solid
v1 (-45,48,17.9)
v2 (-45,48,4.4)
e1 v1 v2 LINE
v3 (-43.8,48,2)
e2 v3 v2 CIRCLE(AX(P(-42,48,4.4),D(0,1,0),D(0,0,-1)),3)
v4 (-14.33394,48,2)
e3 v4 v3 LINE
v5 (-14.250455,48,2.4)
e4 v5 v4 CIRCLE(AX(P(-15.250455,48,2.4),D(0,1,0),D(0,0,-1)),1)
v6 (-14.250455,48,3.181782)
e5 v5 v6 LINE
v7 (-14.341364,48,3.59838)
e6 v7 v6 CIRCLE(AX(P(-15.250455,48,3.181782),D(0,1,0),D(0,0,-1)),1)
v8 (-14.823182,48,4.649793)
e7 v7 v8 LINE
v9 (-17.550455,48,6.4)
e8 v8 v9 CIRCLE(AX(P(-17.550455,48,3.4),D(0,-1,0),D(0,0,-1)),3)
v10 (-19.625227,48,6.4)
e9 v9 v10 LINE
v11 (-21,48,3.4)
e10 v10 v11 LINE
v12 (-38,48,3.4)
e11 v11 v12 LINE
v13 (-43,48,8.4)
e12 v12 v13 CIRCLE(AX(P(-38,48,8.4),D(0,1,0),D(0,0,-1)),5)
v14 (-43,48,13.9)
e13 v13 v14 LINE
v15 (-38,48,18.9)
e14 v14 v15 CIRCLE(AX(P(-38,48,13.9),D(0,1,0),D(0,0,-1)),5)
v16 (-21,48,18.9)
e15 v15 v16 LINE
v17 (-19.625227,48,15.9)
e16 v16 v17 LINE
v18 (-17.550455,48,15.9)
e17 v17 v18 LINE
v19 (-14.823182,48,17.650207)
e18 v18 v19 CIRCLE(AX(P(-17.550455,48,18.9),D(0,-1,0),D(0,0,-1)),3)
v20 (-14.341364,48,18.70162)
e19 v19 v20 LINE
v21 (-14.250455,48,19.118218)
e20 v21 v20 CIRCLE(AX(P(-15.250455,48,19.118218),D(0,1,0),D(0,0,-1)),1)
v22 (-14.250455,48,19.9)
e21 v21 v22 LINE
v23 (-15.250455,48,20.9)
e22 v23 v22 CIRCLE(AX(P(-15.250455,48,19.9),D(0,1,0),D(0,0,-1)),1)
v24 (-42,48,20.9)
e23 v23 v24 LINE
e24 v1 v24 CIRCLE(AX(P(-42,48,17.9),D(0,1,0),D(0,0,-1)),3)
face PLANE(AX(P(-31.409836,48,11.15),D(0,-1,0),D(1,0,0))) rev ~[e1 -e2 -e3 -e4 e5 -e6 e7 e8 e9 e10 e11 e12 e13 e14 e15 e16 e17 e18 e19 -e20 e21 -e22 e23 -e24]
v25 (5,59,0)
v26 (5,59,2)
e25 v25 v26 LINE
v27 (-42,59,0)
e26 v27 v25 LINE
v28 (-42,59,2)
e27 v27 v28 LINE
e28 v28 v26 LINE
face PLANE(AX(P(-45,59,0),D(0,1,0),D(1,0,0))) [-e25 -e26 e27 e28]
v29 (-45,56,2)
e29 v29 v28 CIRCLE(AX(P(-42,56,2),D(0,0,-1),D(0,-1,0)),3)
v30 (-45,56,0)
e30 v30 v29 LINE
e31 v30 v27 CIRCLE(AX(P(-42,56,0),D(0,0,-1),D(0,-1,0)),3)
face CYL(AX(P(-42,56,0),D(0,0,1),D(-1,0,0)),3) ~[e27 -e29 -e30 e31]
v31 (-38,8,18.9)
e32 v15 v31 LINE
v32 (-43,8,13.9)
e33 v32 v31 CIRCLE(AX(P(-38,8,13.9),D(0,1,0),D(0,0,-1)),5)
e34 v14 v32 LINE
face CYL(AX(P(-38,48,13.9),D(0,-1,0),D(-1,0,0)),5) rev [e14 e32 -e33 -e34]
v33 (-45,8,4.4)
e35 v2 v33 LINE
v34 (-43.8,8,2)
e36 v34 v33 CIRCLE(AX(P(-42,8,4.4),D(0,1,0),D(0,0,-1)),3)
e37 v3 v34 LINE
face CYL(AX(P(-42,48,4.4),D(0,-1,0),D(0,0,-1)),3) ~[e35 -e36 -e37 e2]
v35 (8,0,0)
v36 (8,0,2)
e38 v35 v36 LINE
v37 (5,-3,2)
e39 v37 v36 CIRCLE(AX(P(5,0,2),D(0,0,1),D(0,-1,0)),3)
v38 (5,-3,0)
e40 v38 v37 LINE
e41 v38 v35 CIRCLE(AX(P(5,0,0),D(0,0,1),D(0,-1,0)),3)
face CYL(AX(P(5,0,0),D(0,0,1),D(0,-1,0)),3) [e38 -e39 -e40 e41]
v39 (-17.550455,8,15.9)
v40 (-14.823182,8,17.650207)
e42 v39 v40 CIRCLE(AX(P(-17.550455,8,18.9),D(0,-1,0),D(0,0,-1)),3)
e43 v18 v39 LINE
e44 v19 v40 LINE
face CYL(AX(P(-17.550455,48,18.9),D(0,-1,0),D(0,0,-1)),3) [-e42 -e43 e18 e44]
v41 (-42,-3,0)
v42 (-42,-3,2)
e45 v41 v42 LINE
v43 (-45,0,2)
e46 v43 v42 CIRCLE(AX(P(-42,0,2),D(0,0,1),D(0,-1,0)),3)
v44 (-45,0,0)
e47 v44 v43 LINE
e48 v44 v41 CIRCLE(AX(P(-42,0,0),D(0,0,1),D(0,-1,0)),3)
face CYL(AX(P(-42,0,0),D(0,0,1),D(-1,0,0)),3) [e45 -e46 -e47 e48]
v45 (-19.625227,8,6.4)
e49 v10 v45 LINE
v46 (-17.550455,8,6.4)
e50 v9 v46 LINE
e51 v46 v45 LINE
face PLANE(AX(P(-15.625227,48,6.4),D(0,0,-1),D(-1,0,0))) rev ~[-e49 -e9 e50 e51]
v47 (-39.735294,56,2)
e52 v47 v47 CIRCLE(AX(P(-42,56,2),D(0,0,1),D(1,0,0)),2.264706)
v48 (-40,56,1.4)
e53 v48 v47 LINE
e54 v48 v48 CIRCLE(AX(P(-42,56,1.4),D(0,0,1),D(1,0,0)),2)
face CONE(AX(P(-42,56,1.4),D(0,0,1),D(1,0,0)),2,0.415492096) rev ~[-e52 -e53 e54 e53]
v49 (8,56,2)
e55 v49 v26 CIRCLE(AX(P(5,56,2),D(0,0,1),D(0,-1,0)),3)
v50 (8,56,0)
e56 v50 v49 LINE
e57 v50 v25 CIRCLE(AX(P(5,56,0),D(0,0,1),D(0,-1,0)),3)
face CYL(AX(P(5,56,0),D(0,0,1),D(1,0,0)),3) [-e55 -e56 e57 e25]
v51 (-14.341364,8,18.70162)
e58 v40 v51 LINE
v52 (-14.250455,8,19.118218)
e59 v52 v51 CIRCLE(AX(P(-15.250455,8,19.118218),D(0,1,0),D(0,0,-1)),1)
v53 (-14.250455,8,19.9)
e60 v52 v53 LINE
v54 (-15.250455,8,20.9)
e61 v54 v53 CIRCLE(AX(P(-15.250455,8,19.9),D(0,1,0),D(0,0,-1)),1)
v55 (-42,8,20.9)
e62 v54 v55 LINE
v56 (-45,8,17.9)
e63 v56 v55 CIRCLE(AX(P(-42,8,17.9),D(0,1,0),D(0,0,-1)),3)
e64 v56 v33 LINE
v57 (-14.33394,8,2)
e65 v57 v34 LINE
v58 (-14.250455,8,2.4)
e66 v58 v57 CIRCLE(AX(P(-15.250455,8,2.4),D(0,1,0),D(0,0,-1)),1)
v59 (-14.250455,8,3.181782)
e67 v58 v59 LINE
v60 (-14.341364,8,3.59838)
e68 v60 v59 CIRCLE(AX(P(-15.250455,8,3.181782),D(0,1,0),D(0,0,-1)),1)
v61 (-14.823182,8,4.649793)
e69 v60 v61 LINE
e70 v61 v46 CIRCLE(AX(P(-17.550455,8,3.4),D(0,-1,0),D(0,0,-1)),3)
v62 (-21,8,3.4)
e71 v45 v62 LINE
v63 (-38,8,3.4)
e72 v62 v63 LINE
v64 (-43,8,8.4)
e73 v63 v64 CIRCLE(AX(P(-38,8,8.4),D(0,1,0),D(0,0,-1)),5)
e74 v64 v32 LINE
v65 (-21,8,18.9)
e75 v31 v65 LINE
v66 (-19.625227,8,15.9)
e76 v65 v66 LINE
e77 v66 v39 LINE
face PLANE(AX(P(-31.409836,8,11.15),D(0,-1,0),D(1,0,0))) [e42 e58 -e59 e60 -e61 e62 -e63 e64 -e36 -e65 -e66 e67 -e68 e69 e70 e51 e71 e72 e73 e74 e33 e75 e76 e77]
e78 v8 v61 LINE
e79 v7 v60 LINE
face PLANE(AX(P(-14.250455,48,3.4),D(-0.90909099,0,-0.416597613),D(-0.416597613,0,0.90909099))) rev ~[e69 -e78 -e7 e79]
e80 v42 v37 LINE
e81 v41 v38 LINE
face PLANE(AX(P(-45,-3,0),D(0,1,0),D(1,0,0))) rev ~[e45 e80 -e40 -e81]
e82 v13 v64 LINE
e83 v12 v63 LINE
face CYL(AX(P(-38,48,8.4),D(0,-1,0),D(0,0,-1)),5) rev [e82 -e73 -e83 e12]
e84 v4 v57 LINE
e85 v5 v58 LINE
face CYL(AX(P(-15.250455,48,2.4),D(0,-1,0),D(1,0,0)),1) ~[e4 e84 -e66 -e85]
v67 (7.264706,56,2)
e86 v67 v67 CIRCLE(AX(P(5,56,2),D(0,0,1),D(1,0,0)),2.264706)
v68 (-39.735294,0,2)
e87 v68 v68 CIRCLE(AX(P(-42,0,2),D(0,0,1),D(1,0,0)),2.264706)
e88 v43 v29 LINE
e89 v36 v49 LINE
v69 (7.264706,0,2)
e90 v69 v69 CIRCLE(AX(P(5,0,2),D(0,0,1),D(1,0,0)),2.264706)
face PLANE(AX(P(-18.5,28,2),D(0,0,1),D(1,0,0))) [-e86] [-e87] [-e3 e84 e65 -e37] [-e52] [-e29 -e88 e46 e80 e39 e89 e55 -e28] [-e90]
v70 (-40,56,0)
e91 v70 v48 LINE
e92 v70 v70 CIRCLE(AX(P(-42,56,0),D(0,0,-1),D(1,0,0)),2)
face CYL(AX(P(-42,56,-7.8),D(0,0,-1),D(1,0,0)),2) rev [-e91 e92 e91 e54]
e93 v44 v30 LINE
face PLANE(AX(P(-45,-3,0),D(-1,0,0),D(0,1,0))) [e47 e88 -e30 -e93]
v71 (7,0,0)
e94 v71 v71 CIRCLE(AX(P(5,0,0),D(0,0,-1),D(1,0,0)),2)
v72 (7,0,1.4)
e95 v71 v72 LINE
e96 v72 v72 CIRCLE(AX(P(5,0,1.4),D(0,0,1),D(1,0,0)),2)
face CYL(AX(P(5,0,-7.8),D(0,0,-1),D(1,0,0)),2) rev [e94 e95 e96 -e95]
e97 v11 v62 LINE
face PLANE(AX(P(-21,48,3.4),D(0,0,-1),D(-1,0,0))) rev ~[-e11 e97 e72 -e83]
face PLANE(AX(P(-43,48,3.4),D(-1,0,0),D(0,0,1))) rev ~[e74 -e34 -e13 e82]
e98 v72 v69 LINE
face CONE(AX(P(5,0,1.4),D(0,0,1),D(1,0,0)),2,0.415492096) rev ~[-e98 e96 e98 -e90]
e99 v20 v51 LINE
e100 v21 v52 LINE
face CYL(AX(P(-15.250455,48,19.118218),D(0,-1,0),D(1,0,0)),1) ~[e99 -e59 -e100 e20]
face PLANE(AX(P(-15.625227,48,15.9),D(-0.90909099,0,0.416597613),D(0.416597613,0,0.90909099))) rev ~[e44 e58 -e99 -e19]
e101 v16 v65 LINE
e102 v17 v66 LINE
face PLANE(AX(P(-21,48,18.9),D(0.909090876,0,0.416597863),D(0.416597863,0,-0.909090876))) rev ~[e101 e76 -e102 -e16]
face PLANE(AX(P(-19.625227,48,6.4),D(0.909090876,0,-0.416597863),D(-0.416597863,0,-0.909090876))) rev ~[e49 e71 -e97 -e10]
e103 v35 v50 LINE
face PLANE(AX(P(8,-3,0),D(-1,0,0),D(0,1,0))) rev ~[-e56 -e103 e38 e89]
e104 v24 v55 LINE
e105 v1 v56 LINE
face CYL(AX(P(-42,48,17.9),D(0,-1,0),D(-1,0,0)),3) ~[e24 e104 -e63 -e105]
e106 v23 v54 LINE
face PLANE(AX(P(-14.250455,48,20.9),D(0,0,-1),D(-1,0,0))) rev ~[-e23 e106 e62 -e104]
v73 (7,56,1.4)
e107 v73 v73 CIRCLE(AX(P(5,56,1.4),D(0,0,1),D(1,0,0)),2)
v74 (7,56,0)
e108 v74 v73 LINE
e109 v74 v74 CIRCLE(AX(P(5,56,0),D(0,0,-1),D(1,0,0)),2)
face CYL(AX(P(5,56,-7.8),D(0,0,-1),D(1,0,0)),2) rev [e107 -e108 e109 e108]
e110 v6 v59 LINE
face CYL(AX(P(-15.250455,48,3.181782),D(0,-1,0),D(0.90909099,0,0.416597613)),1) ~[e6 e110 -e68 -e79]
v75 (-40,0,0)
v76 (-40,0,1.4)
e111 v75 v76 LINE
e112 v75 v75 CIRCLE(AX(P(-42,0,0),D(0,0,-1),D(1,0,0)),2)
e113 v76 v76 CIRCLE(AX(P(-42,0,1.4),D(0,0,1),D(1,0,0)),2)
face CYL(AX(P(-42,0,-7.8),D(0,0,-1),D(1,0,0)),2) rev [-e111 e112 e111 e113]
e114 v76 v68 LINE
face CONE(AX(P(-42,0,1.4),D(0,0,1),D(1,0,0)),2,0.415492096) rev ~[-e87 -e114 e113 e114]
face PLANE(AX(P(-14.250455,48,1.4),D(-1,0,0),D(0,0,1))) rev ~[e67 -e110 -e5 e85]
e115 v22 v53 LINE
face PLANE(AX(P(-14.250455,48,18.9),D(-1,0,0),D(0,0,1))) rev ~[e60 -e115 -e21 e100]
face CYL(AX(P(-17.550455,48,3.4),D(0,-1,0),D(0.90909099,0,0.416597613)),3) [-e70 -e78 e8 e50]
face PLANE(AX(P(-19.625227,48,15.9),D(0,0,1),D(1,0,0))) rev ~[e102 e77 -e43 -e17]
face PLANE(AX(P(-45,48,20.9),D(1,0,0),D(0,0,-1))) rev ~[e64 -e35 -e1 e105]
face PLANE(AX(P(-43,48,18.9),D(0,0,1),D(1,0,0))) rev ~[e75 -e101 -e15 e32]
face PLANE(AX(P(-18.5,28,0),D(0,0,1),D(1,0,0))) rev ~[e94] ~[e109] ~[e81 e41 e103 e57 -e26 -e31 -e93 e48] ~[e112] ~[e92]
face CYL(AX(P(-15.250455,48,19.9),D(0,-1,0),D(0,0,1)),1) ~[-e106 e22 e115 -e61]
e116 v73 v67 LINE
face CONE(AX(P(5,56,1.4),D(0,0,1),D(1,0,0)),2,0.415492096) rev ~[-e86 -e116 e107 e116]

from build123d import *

# Parameters (mm, degrees)
CYLINDER017_R             = 2
CYLINDER017_DEPTH         = 9.2
CYLINDER018_R             = 3.5
CYLINDER018_DEPTH         = 10
CYLINDER016_R             = 2
CYLINDER016_DEPTH         = 9.2
CYLINDER019_R             = 3.5
CYLINDER019_DEPTH         = 10
CYLINDER014_R             = 2
CYLINDER014_DEPTH         = 9.2
CYLINDER015_R             = 3.5
CYLINDER015_DEPTH         = 10
CYLINDER013_R             = 2
CYLINDER013_DEPTH         = 9.2
CYLINDER012_R             = 3.5
CYLINDER012_DEPTH         = 10
BOX_W                     = 53
BOX_H                     = 62
BOX_DEPTH                 = 2
FILLET001_R               = 3
PAD003_DEPTH              = 40
FILLET004_R               = 3
FILLET005_R               = 1
FILLET002_R               = 5
FILLET003_R               = 3
FILLET003_PLACEMENT_ANGLE = 90


with BuildPart() as pass_screw_thread003:
    # Cylinder017 → Cylinder017 (new body)
    with BuildSketch(Plane.XY.offset(-9.2)):
        Circle(CYLINDER017_R)
    extrude(amount=CYLINDER017_DEPTH)


with BuildPart() as pass_screw_head003:
    # Cone007 → Cone007 (revolve)
    with BuildSketch(Plane.XZ):
        Polygon((0, 0), (2, 0), (3.5, 3.4), (0, 3.4), align=None)
    revolve(axis=Axis((0, 0, 0), (0, 0, 1)))


with BuildPart() as pass_screw003:
    # Cylinder018 → Cylinder018 (new body)
    with BuildSketch(Plane.XY.offset(3.2)):
        Circle(CYLINDER018_R)
    extrude(amount=CYLINDER018_DEPTH)

    # Fusion016: union pass-screw-thread003, pass-screw-head003
    add(pass_screw_thread003.part)
    add(pass_screw_head003.part)


with BuildPart() as pass_screw003_1:
    # Fusion016 placement: moved
    add(pass_screw003.part.moved(Location((42, 0, 18))))


with BuildPart() as pass_screw_thread002:
    # Cylinder016 → Cylinder016 (new body)
    with BuildSketch(Plane.XY.offset(-9.2)):
        Circle(CYLINDER016_R)
    extrude(amount=CYLINDER016_DEPTH)


with BuildPart() as pass_screw_head002:
    # Cone006 → Cone006 (revolve)
    with BuildSketch(Plane.XZ):
        Polygon((0, 0), (2, 0), (3.5, 3.4), (0, 3.4), align=None)
    revolve(axis=Axis((0, 0, 0), (0, 0, 1)))


with BuildPart() as pass_screw_top:
    # Cylinder019 → Cylinder019 (new body)
    with BuildSketch(Plane.XY.offset(3.2)):
        Circle(CYLINDER019_R)
    extrude(amount=CYLINDER019_DEPTH)

    # Fusion015: union pass-screw-thread002, pass-screw-head002
    add(pass_screw_thread002.part)
    add(pass_screw_head002.part)


with BuildPart() as pass_screw_top_1:
    # Fusion015 placement: moved
    add(pass_screw_top.part.moved(Location((-5, 0, 18))))

    # Fusion017: union pass-screw003
    add(pass_screw003_1.part)


with BuildPart() as pass_screw_top_2:
    # Fusion017 placement: moved
    add(pass_screw_top_1.part.moved(Location((0, 56, 0))))


with BuildPart() as pass_screw_thread001:
    # Cylinder014 → Cylinder014 (new body)
    with BuildSketch(Plane.XY.offset(-9.2)):
        Circle(CYLINDER014_R)
    extrude(amount=CYLINDER014_DEPTH)


with BuildPart() as pass_screw_head001:
    # Cone005 → Cone005 (revolve)
    with BuildSketch(Plane.XZ):
        Polygon((0, 0), (2, 0), (3.5, 3.4), (0, 3.4), align=None)
    revolve(axis=Axis((0, 0, 0), (0, 0, 1)))


with BuildPart() as pass_screw001:
    # Cylinder015 → Cylinder015 (new body)
    with BuildSketch(Plane.XY.offset(3.2)):
        Circle(CYLINDER015_R)
    extrude(amount=CYLINDER015_DEPTH)

    # Fusion013: union pass-screw-thread001, pass-screw-head001
    add(pass_screw_thread001.part)
    add(pass_screw_head001.part)


with BuildPart() as pass_screw001_1:
    # Fusion013 placement: moved
    add(pass_screw001.part.moved(Location((42, 0, 18))))


with BuildPart() as pass_screw_thread:
    # Cylinder013 → Cylinder013 (new body)
    with BuildSketch(Plane.XY.offset(-9.2)):
        Circle(CYLINDER013_R)
    extrude(amount=CYLINDER013_DEPTH)


with BuildPart() as pass_screw_head:
    # Cone → Cone (revolve)
    with BuildSketch(Plane.XZ):
        Polygon((0, 0), (2, 0), (3.5, 3.4), (0, 3.4), align=None)
    revolve(axis=Axis((0, 0, 0), (0, 0, 1)))


with BuildPart() as fusion018:
    # Cylinder012 → Cylinder012 (new body)
    with BuildSketch(Plane.XY.offset(3.2)):
        Circle(CYLINDER012_R)
    extrude(amount=CYLINDER012_DEPTH)

    # Fusion012: union pass-screw-thread, pass-screw-head
    add(pass_screw_thread.part)
    add(pass_screw_head.part)


with BuildPart() as fusion018_1:
    # Fusion012 placement: moved
    add(fusion018.part.moved(Location((-5, 0, 18))))

    # Fusion014: union pass-screw001
    add(pass_screw001_1.part)

    # Fusion018: union pass-screw-top
    add(pass_screw_top_2.part)


with BuildPart() as top_plate_with_screws:
    # Box → Box (new body)
    with BuildSketch(Plane(origin=(-8, -3, 16.6), x_dir=(1, 0, 0), z_dir=(0, 0, 1))):
        with Locations((26.5, 31)):
            Rectangle(BOX_W, BOX_H)
    extrude(amount=BOX_DEPTH)

    # Fillet001
    fillet001_edges = [top_plate_with_screws.edges().sort_by_distance(p)[0] for p in [
        (-8, -3, 17.6),
        (-8, 59, 17.6),
        (45, -3, 17.6),
        (45, 59, 17.6),
    ]]
    fillet(fillet001_edges, radius=FILLET001_R)

    # Cut002: cut Fusion018
    add(fusion018_1.part, mode=Mode.SUBTRACT)


with BuildPart() as final_top_plate_with_clip:
    # Sketch003 → Pad003 (new body)
    with BuildSketch(Plane.XY):
        Polygon((0, 0), (30.749545, 0), (30.749545, 2), (29.374773, 5), (25.374773, 5), (24, 2), (2, 2), (2, 17.5), (24, 17.5), (25.374773, 14.5), (29.374773, 14.5), (30.749545, 17.5), (30.749545, 19.5), (0, 19.5), align=None)
    extrude(amount=PAD003_DEPTH)

    # Fillet004
    fillet004_edges = [final_top_plate_with_clip.edges().sort_by_distance(p)[0] for p in [
        (29.374773, 5, 20),
        (29.374773, 14.5, 20),
    ]]
    fillet(fillet004_edges, radius=FILLET004_R)

    # Fillet005
    fillet005_edges = [final_top_plate_with_clip.edges().sort_by_distance(p)[0] for p in [
        (30.749545, 2, 20),
        (30.749545, 0, 20),
        (30.749545, 19.5, 20),
        (30.749545, 17.5, 20),
    ]]
    fillet(fillet005_edges, radius=FILLET005_R)

    # Fillet002
    fillet002_edges = [final_top_plate_with_clip.edges().sort_by_distance(p)[0] for p in [
        (2, 2, 20),
        (2, 17.5, 20),
    ]]
    fillet(fillet002_edges, radius=FILLET002_R)

    # Fillet003
    fillet003_edges = [final_top_plate_with_clip.edges().sort_by_distance(p)[0] for p in [
        (0, 0, 20),
        (0, 19.5, 20),
    ]]
    fillet(fillet003_edges, radius=FILLET003_R)


with BuildPart() as final_top_plate_with_clip_1:
    # Fillet003 placement: moved
    add(final_top_plate_with_clip.part.moved(Location((-8, 48, 18))).rotate(Axis((-8, 48, 18), (1, 0, 0)), FILLET003_PLACEMENT_ANGLE))

    # Fusion019: union top-plate-with-screws
    add(top_plate_with_screws.part)


with BuildPart() as final_top_plate_with_clip_2:
    # Fusion019 placement: moved
    add(final_top_plate_with_clip_1.part.moved(Location((-37, 0, -16.6))))


solid = final_top_plate_with_clip_2.part
